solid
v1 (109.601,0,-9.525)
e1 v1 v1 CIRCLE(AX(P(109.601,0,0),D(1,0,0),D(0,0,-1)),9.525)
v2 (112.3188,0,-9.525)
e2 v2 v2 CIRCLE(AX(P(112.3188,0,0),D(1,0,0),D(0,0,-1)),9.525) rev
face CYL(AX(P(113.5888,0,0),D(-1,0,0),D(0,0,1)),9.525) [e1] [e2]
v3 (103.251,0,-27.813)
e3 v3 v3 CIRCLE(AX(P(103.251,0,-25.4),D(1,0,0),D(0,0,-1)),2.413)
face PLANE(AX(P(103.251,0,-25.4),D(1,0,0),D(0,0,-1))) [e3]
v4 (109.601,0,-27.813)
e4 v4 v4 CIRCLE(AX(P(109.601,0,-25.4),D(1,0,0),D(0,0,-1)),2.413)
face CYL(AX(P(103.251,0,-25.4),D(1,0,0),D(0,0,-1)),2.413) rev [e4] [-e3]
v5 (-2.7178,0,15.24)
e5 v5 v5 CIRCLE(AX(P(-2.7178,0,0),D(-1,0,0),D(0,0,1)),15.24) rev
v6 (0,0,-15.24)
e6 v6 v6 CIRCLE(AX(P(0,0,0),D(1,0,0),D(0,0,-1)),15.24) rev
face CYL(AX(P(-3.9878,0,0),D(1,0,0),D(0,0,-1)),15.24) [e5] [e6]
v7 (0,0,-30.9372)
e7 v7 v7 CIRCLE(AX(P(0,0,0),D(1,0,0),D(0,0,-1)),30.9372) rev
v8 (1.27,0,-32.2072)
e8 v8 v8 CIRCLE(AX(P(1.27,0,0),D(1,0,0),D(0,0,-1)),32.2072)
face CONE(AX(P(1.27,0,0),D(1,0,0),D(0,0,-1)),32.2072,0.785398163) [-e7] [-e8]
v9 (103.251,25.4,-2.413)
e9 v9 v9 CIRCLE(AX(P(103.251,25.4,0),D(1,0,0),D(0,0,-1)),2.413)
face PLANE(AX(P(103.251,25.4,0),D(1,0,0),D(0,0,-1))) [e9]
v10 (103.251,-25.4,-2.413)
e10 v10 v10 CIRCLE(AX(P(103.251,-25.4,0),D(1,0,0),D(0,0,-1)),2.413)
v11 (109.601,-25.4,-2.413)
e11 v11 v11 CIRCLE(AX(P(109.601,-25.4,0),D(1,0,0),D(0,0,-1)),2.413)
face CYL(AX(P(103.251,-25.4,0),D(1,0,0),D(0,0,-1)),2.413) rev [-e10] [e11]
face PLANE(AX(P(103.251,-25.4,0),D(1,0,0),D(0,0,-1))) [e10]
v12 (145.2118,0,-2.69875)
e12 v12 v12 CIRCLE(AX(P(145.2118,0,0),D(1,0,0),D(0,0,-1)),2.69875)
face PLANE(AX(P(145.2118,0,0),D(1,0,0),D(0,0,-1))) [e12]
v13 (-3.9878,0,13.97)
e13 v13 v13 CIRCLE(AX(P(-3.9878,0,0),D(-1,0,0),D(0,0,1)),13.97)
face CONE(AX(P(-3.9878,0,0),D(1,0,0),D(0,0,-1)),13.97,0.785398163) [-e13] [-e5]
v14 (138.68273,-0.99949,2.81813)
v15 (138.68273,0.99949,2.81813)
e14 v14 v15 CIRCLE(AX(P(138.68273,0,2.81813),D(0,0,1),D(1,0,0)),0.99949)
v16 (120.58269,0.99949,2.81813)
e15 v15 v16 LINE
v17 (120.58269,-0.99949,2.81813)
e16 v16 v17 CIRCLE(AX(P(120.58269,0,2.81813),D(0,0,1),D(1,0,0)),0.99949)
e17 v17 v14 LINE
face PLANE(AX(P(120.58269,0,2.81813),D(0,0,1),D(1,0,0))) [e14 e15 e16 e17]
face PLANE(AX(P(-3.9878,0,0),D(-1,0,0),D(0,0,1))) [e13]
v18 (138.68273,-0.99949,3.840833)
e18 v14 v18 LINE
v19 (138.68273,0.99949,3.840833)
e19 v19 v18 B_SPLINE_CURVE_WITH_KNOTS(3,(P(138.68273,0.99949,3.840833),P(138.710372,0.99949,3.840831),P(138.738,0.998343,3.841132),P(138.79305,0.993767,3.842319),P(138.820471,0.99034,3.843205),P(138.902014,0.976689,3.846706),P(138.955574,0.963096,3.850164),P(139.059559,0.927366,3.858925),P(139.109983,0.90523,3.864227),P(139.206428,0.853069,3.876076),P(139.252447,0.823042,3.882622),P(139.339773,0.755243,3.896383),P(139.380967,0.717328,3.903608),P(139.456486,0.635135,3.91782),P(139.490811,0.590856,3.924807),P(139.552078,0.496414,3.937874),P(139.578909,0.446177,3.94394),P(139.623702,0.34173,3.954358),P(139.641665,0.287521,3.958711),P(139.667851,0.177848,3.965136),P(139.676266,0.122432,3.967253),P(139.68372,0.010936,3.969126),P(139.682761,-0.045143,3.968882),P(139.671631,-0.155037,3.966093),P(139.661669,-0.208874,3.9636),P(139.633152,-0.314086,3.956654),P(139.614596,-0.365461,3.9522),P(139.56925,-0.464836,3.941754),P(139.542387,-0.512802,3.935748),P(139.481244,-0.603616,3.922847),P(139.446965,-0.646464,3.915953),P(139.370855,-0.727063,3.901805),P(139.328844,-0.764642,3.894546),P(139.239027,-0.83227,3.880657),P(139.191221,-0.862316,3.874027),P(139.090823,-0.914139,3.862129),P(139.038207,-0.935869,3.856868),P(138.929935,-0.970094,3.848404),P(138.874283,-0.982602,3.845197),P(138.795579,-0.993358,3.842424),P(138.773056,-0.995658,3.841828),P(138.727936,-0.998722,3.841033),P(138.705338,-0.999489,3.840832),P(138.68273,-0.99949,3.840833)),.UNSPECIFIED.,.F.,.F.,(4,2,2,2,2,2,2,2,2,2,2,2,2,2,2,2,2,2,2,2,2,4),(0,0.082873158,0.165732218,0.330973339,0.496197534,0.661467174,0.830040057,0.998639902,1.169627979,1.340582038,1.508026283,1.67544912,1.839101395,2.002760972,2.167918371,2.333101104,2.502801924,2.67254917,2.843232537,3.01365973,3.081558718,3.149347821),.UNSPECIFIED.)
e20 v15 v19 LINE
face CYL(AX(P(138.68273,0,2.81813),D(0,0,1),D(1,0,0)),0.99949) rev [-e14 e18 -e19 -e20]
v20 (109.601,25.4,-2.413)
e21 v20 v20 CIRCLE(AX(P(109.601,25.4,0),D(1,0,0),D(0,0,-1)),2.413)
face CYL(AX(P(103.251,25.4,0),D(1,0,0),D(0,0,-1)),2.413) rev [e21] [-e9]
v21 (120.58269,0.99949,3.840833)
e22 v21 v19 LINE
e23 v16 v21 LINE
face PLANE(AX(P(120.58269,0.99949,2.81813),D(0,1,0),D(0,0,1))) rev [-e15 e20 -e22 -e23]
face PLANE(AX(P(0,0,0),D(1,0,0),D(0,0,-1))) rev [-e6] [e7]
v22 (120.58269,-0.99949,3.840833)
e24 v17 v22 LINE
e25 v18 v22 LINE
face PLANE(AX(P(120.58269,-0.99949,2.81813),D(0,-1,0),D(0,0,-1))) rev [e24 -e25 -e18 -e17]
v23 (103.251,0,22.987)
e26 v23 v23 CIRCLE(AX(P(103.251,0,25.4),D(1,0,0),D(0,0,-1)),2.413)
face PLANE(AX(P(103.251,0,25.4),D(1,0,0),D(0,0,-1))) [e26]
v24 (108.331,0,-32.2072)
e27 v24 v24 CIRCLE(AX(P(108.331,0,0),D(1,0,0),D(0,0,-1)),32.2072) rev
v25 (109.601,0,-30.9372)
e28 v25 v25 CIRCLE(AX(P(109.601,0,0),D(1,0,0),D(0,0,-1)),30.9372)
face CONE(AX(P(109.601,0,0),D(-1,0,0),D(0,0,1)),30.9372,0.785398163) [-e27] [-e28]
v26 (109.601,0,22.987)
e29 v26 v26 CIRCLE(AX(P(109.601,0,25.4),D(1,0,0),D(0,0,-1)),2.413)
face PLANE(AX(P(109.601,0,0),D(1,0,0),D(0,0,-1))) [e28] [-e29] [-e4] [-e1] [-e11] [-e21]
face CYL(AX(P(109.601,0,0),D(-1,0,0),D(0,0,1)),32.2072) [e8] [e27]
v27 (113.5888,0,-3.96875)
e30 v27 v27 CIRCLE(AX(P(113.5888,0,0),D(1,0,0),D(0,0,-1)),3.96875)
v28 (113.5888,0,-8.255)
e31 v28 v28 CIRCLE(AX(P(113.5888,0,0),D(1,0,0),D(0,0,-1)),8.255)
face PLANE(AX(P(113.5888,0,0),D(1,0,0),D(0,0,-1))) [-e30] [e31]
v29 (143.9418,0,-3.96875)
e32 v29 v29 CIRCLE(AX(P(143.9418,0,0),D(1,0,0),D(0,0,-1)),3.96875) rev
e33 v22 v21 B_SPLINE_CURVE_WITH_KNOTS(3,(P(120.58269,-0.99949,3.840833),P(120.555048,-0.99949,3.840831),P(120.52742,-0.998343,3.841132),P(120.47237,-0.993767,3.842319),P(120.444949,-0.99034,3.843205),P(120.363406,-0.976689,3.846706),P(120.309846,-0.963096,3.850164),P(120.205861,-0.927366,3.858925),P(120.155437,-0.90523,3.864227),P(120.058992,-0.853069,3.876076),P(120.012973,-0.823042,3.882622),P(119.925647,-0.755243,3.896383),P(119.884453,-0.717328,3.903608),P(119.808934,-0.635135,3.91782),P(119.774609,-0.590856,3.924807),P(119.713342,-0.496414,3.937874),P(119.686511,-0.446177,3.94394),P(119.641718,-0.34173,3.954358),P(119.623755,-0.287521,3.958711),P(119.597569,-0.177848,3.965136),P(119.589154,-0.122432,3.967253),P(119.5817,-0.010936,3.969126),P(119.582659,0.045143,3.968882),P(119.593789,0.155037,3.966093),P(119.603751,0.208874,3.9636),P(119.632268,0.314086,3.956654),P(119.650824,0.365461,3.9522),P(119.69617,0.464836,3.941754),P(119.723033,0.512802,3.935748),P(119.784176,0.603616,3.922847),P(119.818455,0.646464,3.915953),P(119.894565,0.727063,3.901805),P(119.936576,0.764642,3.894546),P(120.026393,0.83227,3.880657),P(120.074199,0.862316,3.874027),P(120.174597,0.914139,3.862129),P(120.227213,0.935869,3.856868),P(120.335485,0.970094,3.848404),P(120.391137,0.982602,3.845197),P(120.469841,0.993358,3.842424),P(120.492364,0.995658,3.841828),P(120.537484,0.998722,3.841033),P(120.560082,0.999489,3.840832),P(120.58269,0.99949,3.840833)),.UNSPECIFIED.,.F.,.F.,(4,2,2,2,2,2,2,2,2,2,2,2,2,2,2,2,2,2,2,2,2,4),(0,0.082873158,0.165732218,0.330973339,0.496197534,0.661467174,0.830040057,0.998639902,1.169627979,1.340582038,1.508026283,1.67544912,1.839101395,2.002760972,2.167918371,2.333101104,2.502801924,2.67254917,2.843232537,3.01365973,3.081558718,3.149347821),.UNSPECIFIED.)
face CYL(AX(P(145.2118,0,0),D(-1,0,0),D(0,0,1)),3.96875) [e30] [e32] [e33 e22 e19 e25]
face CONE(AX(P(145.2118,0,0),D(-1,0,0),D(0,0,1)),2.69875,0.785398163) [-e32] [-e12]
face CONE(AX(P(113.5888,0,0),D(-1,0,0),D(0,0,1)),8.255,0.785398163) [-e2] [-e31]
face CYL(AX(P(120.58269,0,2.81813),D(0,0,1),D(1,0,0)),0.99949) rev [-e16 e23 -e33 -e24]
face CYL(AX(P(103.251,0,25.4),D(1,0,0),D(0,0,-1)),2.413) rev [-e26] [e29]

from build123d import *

# Parameters (mm, degrees)
SKETCH2_R           = 32.2072
BOSS_EXTRUDE1_DEPTH = 109.601
CHAMFER1_SIZE       = 1.27
CHAMFER2_SIZE       = 1.27
SKETCH3_R           = 9.525
BOSS_EXTRUDE2_DEPTH = 3.9878
SKETCH4_R           = 3.96875
BOSS_EXTRUDE3_DEPTH = 31.623
CHAMFER3_SIZE       = 1.27
CHAMFER4_SIZE       = 1.27
SKETCH5_R           = 15.24
BOSS_EXTRUDE4_DEPTH = 3.9878
CHAMFER5_SIZE       = 1.27
CUT_EXTRUDE1_DEPTH  = 1.15062
SKETCH7_R           = 2.413
CUT_EXTRUDE2_DEPTH  = 6.35


with BuildPart() as part:
    # Sketch2 → Boss-Extrude1 (new body)
    with BuildSketch(Plane(origin=(0, 0, 0), x_dir=(0, 0, -1), z_dir=(1, 0, 0))):
        Circle(SKETCH2_R)
    extrude(amount=BOSS_EXTRUDE1_DEPTH)

    # Chamfer1
    chamfer1_edges = [part.edges().sort_by_distance(p)[0] for p in [
        (0, 0, 32.2072),
    ]]
    chamfer(chamfer1_edges, length=CHAMFER1_SIZE)

    # Chamfer2
    chamfer2_edges = [part.edges().sort_by_distance(p)[0] for p in [
        (109.601, 0, 32.2072),
    ]]
    chamfer(chamfer2_edges, length=CHAMFER2_SIZE)

    # Sketch3 → Boss-Extrude2 (add)
    with BuildSketch(Plane(origin=(109.601, 0, 0), x_dir=(0, 0, -1), z_dir=(1, 0, 0))):
        Circle(SKETCH3_R)
    extrude(amount=BOSS_EXTRUDE2_DEPTH)

    # Sketch4 → Boss-Extrude3 (add)
    with BuildSketch(Plane(origin=(113.5888, 0, 0), x_dir=(0, 0, -1), z_dir=(1, 0, 0))):
        Circle(SKETCH4_R)
    extrude(amount=BOSS_EXTRUDE3_DEPTH)

    # Chamfer3
    chamfer3_edges = [part.edges().sort_by_distance(p)[0] for p in [
        (113.5888, 0, 9.525),
    ]]
    chamfer(chamfer3_edges, length=CHAMFER3_SIZE)

    # Chamfer4
    chamfer4_edges = [part.edges().sort_by_distance(p)[0] for p in [
        (145.2118, 0, 3.96875),
    ]]
    chamfer(chamfer4_edges, length=CHAMFER4_SIZE)

    # Sketch5 → Boss-Extrude4 (add)
    with BuildSketch(Plane.ZY):
        Circle(SKETCH5_R)
    extrude(amount=BOSS_EXTRUDE4_DEPTH)

    # Chamfer5
    chamfer5_edges = [part.edges().sort_by_distance(p)[0] for p in [
        (-3.9878, 0, -15.24),
    ]]
    chamfer(chamfer5_edges, length=CHAMFER5_SIZE)

    # Sketch6 → Cut-Extrude1 (cut)
    with BuildSketch(Plane.XY.offset(3.96875)):
        with BuildLine():
            Line((120.58269, 0.99949), (138.68273, 0.99949))
            ThreePointArc((138.68273, 0.99949), (139.68222, 0), (138.68273, -0.99949))
            Line((138.68273, -0.99949), (120.58269, -0.99949))
            ThreePointArc((120.58269, -0.99949), (119.5832, 0), (120.58269, 0.99949))
        make_face()
    extrude(amount=-CUT_EXTRUDE1_DEPTH, mode=Mode.SUBTRACT)

    # Sketch7 → Cut-Extrude2 (cut)
    with BuildSketch(Plane(origin=(109.601, 0, 0), x_dir=(0, 0, -1), z_dir=(1, 0, 0))):
        with Locations((0, 25.4)):
            Circle(SKETCH7_R)
        with Locations((25.4, 0)):
            Circle(SKETCH7_R)
        with Locations((0, -25.4)):
            Circle(SKETCH7_R)
        with Locations((-25.4, 0)):
            Circle(SKETCH7_R)
    extrude(amount=-CUT_EXTRUDE2_DEPTH, mode=Mode.SUBTRACT)


solid = part.part
